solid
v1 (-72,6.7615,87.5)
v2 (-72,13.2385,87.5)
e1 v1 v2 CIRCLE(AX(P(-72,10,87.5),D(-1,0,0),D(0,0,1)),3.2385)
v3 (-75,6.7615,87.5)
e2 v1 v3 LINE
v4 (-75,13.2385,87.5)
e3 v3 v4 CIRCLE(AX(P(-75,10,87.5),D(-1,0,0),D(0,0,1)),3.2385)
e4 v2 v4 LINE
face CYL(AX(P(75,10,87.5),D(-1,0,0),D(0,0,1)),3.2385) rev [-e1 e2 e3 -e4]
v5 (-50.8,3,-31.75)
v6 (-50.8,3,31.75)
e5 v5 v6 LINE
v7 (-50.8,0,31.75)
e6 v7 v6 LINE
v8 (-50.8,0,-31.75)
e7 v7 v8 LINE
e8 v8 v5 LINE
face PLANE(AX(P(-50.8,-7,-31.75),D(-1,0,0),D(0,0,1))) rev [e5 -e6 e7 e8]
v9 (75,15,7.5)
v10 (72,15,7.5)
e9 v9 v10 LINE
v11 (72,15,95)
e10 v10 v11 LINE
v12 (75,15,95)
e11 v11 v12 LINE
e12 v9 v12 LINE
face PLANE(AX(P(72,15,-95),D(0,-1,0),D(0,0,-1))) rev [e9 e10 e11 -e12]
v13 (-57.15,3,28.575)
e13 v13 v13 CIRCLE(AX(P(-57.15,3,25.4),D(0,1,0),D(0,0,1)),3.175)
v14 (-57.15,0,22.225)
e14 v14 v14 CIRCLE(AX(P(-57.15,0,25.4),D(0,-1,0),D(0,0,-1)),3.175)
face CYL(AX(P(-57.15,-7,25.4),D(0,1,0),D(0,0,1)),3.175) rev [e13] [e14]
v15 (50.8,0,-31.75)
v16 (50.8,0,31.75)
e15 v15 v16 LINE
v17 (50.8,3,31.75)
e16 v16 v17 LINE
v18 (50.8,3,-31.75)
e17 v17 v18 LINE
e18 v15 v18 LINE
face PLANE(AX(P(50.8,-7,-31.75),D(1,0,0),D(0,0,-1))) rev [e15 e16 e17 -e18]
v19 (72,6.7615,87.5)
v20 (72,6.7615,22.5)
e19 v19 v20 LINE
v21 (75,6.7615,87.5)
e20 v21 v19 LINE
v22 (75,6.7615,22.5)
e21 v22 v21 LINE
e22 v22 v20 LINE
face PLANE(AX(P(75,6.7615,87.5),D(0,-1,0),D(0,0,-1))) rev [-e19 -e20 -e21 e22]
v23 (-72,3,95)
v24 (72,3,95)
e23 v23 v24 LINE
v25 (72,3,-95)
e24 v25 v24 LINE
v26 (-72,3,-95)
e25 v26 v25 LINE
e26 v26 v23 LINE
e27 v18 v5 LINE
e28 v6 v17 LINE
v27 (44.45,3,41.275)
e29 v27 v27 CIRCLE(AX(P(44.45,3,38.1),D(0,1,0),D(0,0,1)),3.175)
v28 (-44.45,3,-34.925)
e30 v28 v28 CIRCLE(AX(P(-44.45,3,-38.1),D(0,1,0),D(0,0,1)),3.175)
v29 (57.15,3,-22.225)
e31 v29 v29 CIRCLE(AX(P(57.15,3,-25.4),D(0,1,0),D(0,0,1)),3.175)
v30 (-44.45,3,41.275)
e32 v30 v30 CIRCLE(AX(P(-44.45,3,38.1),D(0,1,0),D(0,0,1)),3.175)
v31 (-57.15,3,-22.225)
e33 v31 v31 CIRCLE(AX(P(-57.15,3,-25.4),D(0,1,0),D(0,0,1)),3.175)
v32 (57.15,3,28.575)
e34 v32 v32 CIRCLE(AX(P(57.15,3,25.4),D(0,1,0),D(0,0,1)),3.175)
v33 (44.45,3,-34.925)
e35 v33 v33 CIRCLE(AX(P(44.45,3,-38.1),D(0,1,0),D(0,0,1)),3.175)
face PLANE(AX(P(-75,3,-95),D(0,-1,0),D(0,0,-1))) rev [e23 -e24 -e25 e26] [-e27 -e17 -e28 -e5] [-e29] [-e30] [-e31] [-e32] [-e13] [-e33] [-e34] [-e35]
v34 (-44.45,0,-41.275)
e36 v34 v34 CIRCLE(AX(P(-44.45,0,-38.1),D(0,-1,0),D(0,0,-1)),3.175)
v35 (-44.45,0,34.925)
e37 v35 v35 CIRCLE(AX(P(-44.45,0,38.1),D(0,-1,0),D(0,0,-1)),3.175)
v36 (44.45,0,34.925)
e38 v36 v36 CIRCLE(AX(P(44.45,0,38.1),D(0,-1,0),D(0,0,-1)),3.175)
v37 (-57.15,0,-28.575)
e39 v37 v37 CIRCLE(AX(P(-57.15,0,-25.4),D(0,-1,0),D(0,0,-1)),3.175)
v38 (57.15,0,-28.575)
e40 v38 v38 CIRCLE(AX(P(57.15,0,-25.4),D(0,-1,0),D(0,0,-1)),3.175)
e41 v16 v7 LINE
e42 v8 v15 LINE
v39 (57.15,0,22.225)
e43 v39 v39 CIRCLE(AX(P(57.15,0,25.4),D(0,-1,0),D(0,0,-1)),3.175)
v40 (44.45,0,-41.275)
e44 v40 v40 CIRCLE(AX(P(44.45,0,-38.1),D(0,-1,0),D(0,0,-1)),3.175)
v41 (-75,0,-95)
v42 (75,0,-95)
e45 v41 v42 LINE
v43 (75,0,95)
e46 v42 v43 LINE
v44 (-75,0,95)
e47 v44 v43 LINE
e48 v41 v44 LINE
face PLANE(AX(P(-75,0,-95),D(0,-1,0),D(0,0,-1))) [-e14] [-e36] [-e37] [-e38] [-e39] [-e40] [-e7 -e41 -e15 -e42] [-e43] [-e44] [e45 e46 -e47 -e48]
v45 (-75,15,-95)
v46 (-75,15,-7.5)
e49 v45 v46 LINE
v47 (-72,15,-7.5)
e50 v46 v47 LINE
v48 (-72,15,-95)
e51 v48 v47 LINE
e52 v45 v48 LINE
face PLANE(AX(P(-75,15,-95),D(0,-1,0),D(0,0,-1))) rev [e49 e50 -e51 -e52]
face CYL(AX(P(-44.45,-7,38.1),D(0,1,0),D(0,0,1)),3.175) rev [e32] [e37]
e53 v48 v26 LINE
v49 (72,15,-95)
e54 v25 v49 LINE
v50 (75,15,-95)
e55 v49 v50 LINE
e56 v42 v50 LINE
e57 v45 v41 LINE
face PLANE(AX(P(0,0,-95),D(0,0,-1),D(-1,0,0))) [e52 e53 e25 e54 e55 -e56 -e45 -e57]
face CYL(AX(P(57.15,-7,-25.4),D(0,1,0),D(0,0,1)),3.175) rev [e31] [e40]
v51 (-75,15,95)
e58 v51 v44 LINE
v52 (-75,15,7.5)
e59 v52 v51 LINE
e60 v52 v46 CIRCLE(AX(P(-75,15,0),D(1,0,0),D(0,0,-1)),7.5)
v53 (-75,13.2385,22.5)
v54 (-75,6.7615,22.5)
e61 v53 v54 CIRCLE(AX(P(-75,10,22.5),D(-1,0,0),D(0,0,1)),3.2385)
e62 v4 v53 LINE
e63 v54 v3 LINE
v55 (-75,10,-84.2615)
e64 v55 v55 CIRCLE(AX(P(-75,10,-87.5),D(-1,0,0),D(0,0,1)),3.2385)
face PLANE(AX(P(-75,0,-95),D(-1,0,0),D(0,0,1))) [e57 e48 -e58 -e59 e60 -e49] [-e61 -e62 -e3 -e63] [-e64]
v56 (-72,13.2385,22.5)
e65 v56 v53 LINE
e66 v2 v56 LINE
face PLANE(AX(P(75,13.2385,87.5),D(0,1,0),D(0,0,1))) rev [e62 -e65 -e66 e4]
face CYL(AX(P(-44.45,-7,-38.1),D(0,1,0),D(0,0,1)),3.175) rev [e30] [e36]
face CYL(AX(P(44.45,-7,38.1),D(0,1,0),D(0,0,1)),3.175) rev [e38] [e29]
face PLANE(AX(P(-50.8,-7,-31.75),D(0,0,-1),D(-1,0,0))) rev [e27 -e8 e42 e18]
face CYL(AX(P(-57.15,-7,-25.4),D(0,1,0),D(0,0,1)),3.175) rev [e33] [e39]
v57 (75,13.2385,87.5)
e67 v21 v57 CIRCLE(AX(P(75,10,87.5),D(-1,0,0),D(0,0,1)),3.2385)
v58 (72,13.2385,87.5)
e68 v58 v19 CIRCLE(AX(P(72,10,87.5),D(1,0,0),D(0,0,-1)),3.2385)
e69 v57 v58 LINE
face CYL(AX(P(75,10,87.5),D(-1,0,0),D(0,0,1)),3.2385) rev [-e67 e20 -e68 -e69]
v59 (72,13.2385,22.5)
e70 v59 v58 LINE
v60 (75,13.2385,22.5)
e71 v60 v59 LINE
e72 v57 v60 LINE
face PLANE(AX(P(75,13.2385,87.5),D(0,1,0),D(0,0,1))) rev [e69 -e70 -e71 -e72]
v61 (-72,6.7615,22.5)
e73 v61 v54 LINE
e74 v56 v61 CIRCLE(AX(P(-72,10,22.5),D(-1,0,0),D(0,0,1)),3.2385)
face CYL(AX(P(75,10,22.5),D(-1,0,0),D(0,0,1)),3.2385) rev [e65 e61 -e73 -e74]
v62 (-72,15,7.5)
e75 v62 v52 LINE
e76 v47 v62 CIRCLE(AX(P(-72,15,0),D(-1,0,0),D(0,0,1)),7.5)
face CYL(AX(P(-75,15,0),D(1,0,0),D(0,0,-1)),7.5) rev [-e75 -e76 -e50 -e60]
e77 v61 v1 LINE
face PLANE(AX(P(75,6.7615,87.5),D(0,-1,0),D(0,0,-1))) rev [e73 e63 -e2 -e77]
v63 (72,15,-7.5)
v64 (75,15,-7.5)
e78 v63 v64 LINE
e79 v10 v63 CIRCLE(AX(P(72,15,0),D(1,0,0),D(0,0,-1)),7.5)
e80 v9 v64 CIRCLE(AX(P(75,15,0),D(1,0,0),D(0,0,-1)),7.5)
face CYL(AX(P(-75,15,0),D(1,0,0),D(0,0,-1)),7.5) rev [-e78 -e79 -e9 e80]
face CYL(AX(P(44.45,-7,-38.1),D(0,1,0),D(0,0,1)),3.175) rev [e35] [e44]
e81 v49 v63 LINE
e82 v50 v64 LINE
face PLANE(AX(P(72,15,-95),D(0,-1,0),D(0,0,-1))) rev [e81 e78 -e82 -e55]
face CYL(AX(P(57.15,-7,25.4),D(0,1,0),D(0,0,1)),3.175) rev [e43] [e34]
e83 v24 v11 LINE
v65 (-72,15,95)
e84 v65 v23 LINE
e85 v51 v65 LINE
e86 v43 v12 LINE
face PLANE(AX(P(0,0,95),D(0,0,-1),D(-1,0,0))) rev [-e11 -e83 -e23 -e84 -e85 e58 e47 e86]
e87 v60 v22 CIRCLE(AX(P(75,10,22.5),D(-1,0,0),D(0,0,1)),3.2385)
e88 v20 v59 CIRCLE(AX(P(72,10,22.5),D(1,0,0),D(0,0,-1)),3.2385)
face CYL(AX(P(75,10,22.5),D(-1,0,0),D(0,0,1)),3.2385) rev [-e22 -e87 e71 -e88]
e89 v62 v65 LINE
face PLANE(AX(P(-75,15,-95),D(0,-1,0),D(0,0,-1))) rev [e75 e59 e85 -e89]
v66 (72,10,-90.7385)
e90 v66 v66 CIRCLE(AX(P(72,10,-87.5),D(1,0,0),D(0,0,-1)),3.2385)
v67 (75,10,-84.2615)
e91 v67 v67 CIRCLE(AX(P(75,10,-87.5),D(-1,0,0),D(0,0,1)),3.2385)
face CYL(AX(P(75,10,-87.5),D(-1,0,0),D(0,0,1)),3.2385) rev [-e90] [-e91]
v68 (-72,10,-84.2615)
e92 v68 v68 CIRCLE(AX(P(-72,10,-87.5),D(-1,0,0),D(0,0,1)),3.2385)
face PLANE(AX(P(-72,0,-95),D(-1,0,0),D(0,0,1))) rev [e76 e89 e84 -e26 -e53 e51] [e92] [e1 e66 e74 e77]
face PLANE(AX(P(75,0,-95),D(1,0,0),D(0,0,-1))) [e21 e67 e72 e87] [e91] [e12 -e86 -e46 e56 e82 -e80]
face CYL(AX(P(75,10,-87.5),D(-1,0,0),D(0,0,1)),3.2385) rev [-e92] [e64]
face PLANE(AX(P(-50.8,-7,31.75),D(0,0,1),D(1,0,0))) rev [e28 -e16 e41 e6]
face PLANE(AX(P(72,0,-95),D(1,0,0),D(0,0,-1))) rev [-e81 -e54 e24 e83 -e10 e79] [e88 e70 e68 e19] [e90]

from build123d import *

# Parameters (mm, degrees)
EXTRUDE_THIN1_DEPTH      = 95
EXTRUDE_THIN1_DEPTH_BACK = 95
SKETCH2_R                = 3.2385
CUT_EXTRUDE1_DEPTH       = 179.185296812
CUT_EXTRUDE2_DEPTH       = 179.185296812
CUT_EXTRUDE2_DEPTH_BACK  = 179.185296812
SKETCH3_R                = 7.5
SKETCH4_R                = 3.175
SKETCH4_W                = 101.6
SKETCH4_H                = 63.5
CUT_EXTRUDE3_DEPTH       = 10


with BuildPart() as part:
    # Sketch1 → Extrude-Thin1 (new, two sides: drawn at the far end of the back side and taken through both)
    with BuildSketch(Plane.XY.offset(-EXTRUDE_THIN1_DEPTH_BACK)):
        Polygon((-75, 15), (-75, 0), (75, 0), (75, 15), (72, 15), (72, 3), (-72, 3), (-72, 15), align=None)
    extrude(amount=EXTRUDE_THIN1_DEPTH + EXTRUDE_THIN1_DEPTH_BACK)

    # Sketch2 → Cut-Extrude1 (cut, through all)
    with BuildSketch(Plane.ZY.offset(75)):
        with Locations((-87.5, 10)):
            Circle(SKETCH2_R)
        with BuildLine():
            Line((87.5, 6.7615), (22.5, 6.7615))
            ThreePointArc((22.5, 6.7615), (19.2615, 10), (22.5, 13.2385))
            Line((22.5, 13.2385), (87.5, 13.2385))
            ThreePointArc((87.5, 13.2385), (90.7385, 10), (87.5, 6.7615))
        make_face()
    extrude(amount=-CUT_EXTRUDE1_DEPTH, mode=Mode.SUBTRACT)

    # Sketch3 → Cut-Extrude2 (cut, two sides: drawn at the far end of the back side and taken through both)
    with BuildSketch(Plane(origin=(75, 0, 0), x_dir=(0, 0, -1), z_dir=(1, 0, 0)).offset(-CUT_EXTRUDE2_DEPTH_BACK)):
        with Locations((0, 15)):
            Circle(SKETCH3_R)
    extrude(amount=CUT_EXTRUDE2_DEPTH + CUT_EXTRUDE2_DEPTH_BACK, mode=Mode.SUBTRACT)

    # Sketch4 → Cut-Extrude3 (cut)
    with BuildSketch(Plane(origin=(0, 3, 0), x_dir=(1, 0, 0), z_dir=(0, 1, 0))):
        with Locations(Location((-44.45, 38.1, 0), (0, 0, 270))):
            Circle(SKETCH4_R)
        with Locations(Location((44.45, 38.1, 0), (0, 0, 270))):
            Circle(SKETCH4_R)
        with Locations(Location((-44.45, -38.1, 0), (0, 0, 270))):
            Circle(SKETCH4_R)
        with Locations(Location((44.45, -38.1, 0), (0, 0, 270))):
            Circle(SKETCH4_R)
        with Locations(Location((-57.15, 25.4, 0), (0, 0, 270))):
            Circle(SKETCH4_R)
        with Locations(Location((57.15, 25.4, 0), (0, 0, 270))):
            Circle(SKETCH4_R)
        with Locations(Location((-57.15, -25.4, 0), (0, 0, 270))):
            Circle(SKETCH4_R)
        with Locations(Location((57.15, -25.4, 0), (0, 0, 270))):
            Circle(SKETCH4_R)
        Rectangle(SKETCH4_W, SKETCH4_H)
    extrude(amount=-CUT_EXTRUDE3_DEPTH, mode=Mode.SUBTRACT)


solid = part.part
